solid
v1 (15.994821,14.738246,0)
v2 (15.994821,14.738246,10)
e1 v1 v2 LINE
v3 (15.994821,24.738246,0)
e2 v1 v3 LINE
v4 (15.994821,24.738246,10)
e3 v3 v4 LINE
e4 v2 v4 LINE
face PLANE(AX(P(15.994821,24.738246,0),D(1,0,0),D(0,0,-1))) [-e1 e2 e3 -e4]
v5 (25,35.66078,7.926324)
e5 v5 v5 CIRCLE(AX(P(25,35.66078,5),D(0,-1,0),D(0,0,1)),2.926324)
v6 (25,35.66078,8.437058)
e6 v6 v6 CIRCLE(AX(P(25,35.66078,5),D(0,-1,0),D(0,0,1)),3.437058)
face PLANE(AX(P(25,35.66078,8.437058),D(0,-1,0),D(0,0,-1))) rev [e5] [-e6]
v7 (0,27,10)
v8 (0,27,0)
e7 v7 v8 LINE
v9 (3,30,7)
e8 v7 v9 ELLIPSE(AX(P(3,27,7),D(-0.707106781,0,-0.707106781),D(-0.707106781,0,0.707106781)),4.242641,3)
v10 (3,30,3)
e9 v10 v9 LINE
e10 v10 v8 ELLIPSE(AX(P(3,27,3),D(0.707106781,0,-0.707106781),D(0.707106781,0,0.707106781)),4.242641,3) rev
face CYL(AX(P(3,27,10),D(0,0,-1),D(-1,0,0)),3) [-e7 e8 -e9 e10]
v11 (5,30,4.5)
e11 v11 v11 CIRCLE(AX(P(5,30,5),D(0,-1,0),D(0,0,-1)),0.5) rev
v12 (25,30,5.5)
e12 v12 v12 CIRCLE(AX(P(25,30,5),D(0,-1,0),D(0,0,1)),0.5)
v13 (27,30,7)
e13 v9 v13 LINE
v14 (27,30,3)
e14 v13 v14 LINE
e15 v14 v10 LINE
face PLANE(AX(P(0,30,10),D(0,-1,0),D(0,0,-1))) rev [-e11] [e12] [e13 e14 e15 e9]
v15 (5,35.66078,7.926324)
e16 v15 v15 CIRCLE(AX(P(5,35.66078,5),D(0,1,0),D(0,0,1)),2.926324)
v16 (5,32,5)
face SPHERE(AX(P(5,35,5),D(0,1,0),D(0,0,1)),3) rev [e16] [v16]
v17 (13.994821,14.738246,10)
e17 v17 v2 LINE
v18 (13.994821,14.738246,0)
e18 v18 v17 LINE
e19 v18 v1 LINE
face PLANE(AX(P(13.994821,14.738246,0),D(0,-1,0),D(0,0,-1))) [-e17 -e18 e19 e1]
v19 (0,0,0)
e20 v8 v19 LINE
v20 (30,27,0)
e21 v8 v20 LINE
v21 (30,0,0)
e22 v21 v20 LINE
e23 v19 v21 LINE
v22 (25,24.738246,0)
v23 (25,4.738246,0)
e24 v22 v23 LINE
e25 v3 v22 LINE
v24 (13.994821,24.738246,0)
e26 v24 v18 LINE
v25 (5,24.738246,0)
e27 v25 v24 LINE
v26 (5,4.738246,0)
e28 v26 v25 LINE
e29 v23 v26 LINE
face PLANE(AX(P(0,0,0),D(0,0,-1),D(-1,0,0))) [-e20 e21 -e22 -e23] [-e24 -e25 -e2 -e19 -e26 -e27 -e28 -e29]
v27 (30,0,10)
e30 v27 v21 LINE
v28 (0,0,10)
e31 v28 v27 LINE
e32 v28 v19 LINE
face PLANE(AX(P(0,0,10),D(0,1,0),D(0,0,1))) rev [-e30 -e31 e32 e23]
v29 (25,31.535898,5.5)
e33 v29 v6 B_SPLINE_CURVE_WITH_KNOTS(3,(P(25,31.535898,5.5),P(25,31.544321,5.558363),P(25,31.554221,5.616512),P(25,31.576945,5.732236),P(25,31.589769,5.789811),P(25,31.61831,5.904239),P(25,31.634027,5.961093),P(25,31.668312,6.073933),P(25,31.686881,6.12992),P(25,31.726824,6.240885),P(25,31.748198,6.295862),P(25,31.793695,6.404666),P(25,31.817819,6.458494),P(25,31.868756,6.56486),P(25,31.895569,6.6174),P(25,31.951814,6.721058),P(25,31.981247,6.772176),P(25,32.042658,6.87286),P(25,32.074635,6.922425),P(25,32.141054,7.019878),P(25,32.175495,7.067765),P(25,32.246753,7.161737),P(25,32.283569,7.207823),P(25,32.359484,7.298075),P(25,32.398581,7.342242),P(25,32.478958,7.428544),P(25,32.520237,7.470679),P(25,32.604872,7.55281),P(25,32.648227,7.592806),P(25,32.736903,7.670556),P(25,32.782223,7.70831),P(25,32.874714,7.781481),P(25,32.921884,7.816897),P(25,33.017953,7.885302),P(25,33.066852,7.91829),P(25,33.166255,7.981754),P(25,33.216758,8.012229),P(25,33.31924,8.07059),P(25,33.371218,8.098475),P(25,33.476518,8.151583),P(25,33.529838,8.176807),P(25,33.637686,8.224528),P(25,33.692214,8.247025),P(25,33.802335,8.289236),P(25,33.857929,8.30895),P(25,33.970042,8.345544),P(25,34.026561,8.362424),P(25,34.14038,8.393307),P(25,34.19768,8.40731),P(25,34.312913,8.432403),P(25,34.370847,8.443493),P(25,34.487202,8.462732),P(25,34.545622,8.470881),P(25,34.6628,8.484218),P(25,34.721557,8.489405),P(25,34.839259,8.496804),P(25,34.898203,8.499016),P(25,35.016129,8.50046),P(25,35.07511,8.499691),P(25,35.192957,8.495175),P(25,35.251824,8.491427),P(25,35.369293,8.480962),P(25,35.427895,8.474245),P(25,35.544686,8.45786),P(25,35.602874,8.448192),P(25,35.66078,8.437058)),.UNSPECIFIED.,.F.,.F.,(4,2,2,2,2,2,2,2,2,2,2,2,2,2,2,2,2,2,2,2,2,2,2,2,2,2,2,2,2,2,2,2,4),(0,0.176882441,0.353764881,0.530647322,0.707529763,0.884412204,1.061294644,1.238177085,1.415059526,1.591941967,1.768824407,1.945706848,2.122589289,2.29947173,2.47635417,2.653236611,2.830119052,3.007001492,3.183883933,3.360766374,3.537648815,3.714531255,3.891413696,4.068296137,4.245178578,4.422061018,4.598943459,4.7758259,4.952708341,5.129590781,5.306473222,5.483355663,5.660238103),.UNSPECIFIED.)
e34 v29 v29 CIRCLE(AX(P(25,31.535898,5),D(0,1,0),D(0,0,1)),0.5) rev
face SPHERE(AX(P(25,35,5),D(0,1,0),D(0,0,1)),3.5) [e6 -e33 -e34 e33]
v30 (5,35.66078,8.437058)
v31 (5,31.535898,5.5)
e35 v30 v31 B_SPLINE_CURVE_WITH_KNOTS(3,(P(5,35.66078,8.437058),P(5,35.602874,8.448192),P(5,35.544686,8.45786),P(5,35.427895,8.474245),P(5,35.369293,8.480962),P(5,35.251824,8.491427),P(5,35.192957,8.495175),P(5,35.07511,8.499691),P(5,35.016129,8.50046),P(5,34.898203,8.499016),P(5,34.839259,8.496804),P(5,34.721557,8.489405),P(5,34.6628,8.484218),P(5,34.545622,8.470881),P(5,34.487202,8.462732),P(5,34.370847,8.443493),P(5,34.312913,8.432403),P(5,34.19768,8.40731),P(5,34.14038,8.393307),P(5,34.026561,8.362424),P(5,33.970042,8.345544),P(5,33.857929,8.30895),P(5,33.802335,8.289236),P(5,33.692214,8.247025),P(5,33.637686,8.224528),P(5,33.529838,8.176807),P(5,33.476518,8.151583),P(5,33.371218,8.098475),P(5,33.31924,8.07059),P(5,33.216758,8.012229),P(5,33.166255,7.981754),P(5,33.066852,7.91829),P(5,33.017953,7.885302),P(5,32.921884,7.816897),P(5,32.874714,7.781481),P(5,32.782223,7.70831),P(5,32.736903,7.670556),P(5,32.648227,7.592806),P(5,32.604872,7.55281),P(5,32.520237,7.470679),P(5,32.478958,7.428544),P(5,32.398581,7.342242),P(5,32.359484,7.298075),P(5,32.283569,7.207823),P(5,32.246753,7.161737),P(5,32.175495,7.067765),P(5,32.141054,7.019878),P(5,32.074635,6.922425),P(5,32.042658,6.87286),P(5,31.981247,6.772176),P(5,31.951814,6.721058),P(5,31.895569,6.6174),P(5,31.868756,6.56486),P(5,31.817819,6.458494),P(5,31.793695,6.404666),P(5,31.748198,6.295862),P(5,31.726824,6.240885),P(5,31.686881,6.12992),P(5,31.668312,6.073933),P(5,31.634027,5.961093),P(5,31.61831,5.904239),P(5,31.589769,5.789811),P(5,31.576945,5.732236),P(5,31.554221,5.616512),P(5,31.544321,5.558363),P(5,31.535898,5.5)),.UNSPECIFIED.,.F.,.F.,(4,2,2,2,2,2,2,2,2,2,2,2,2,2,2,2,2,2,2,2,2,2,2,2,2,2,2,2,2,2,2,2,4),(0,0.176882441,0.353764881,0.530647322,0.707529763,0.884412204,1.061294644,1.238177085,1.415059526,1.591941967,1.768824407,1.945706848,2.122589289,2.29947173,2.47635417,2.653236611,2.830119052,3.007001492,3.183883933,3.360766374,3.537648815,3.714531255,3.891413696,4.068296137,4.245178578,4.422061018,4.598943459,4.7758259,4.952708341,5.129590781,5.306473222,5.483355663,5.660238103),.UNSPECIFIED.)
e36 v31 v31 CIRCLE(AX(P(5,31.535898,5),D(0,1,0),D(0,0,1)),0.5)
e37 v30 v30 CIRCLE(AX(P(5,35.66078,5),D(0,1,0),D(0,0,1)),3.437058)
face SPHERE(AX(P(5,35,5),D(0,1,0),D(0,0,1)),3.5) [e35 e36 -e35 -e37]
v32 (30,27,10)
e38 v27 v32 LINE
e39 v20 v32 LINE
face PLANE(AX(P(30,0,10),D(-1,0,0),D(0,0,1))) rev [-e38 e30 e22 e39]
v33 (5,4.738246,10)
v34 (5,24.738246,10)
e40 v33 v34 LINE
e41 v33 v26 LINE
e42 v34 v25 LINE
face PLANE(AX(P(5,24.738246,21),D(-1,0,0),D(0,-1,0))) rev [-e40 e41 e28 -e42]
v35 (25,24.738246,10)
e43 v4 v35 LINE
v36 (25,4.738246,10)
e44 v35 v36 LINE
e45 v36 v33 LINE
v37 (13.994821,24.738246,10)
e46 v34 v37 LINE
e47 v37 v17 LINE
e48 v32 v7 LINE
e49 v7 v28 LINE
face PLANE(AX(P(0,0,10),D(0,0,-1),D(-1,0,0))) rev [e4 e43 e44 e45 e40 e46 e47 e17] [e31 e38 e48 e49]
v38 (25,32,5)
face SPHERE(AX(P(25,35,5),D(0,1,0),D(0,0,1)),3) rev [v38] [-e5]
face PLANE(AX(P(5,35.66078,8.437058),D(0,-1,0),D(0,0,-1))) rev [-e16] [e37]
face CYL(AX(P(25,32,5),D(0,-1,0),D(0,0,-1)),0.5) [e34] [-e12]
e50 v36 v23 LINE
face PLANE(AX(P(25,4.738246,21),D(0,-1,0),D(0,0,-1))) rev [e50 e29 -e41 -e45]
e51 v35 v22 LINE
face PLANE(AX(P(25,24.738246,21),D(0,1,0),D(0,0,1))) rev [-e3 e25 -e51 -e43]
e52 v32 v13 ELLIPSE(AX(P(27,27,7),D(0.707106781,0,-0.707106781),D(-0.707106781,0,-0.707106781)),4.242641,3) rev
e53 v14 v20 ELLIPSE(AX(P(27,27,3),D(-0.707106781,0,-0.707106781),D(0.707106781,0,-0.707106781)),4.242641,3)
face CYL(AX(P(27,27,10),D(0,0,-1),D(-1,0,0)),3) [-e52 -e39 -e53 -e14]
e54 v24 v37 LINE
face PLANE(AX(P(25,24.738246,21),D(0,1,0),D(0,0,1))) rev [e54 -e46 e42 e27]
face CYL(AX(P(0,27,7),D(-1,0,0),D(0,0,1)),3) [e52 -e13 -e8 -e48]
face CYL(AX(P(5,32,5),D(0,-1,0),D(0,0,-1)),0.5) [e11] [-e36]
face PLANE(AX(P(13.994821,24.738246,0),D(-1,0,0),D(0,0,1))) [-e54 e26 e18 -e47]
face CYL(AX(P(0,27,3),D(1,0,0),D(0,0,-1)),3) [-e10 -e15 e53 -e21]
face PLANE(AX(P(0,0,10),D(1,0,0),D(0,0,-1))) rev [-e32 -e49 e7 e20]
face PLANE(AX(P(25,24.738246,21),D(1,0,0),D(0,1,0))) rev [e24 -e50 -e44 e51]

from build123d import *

# Parameters (mm, degrees)
SKETCH1_W           = 30
SKETCH1_H           = 30
BOSS_EXTRUDE1_DEPTH = 10
FILLET1_R           = 3
SKETCH5_W           = 20
SKETCH5_H           = 20
CUT_EXTRUDE1_DEPTH  = 21
SKETCH6_R           = 0.5
BOSS_EXTRUDE4_DEPTH = 2
SKETCH9_W           = 2
SKETCH9_H           = 10
BOSS_EXTRUDE6_DEPTH = 10


with BuildPart() as part:
    # Sketch1 → Boss-Extrude1 (new body)
    with BuildSketch(Plane.XY):
        with Locations((15, 15)):
            Rectangle(SKETCH1_W, SKETCH1_H)
    extrude(amount=BOSS_EXTRUDE1_DEPTH)

    # Fillet1
    fillet1_edges = [part.edges().sort_by_distance(p)[0] for p in [
        (15, 30, 10),
        (15, 30, 0),
        (0, 30, 5),
        (30, 30, 5),
    ]]
    fillet(fillet1_edges, radius=FILLET1_R)

    # Sketch5 → Cut-Extrude1 (cut)
    with BuildSketch(Plane(origin=(0, 0, 0), x_dir=(-1, 0, 0), z_dir=(0, 0, -1))):
        with Locations((-15, 14.738245614)):
            Rectangle(SKETCH5_W, SKETCH5_H)
    extrude(amount=-CUT_EXTRUDE1_DEPTH, mode=Mode.SUBTRACT)

    # Sketch6 → Boss-Extrude4 (add)
    with BuildSketch(Plane(origin=(0, 30, 0), x_dir=(1, 0, 0), z_dir=(0, 1, 0))):
        with Locations(Location((5, -5, 0), (0, 0, 90))):
            Circle(SKETCH6_R)
    boss_extrude4 = extrude(amount=BOSS_EXTRUDE4_DEPTH)

    # Sketch7 → Revolve1 (revolve)
    with BuildSketch(Plane.ZY.offset(-5)):
        with BuildLine():
            Line((5, 32), (5, 31.5))
            ThreePointArc((5, 31.5), (7.698400535, 32.770956583), (8.437058256, 35.660780255))
            Line((8.437058256, 35.660780255), (7.926323539, 35.660780255))
            ThreePointArc((7.926323539, 35.660780255), (7.343324643, 33.126812979), (5, 32))
        make_face()
    revolve1 = revolve(axis=Axis((5, 32, 5), (0, -1, 0)))

    # Mirror3: Boss-Extrude4, Revolve1 across plane
    add(boss_extrude4.mirror(Plane.ZY.offset(-15)))
    add(revolve1.mirror(Plane.ZY.offset(-15)))

    # Sketch9 → Boss-Extrude6 (add)
    with BuildSketch(Plane.XY.offset(10)):
        with Locations((14.994821354, 19.738245614)):
            Rectangle(SKETCH9_W, SKETCH9_H)
    extrude(amount=-BOSS_EXTRUDE6_DEPTH)


solid = part.part
